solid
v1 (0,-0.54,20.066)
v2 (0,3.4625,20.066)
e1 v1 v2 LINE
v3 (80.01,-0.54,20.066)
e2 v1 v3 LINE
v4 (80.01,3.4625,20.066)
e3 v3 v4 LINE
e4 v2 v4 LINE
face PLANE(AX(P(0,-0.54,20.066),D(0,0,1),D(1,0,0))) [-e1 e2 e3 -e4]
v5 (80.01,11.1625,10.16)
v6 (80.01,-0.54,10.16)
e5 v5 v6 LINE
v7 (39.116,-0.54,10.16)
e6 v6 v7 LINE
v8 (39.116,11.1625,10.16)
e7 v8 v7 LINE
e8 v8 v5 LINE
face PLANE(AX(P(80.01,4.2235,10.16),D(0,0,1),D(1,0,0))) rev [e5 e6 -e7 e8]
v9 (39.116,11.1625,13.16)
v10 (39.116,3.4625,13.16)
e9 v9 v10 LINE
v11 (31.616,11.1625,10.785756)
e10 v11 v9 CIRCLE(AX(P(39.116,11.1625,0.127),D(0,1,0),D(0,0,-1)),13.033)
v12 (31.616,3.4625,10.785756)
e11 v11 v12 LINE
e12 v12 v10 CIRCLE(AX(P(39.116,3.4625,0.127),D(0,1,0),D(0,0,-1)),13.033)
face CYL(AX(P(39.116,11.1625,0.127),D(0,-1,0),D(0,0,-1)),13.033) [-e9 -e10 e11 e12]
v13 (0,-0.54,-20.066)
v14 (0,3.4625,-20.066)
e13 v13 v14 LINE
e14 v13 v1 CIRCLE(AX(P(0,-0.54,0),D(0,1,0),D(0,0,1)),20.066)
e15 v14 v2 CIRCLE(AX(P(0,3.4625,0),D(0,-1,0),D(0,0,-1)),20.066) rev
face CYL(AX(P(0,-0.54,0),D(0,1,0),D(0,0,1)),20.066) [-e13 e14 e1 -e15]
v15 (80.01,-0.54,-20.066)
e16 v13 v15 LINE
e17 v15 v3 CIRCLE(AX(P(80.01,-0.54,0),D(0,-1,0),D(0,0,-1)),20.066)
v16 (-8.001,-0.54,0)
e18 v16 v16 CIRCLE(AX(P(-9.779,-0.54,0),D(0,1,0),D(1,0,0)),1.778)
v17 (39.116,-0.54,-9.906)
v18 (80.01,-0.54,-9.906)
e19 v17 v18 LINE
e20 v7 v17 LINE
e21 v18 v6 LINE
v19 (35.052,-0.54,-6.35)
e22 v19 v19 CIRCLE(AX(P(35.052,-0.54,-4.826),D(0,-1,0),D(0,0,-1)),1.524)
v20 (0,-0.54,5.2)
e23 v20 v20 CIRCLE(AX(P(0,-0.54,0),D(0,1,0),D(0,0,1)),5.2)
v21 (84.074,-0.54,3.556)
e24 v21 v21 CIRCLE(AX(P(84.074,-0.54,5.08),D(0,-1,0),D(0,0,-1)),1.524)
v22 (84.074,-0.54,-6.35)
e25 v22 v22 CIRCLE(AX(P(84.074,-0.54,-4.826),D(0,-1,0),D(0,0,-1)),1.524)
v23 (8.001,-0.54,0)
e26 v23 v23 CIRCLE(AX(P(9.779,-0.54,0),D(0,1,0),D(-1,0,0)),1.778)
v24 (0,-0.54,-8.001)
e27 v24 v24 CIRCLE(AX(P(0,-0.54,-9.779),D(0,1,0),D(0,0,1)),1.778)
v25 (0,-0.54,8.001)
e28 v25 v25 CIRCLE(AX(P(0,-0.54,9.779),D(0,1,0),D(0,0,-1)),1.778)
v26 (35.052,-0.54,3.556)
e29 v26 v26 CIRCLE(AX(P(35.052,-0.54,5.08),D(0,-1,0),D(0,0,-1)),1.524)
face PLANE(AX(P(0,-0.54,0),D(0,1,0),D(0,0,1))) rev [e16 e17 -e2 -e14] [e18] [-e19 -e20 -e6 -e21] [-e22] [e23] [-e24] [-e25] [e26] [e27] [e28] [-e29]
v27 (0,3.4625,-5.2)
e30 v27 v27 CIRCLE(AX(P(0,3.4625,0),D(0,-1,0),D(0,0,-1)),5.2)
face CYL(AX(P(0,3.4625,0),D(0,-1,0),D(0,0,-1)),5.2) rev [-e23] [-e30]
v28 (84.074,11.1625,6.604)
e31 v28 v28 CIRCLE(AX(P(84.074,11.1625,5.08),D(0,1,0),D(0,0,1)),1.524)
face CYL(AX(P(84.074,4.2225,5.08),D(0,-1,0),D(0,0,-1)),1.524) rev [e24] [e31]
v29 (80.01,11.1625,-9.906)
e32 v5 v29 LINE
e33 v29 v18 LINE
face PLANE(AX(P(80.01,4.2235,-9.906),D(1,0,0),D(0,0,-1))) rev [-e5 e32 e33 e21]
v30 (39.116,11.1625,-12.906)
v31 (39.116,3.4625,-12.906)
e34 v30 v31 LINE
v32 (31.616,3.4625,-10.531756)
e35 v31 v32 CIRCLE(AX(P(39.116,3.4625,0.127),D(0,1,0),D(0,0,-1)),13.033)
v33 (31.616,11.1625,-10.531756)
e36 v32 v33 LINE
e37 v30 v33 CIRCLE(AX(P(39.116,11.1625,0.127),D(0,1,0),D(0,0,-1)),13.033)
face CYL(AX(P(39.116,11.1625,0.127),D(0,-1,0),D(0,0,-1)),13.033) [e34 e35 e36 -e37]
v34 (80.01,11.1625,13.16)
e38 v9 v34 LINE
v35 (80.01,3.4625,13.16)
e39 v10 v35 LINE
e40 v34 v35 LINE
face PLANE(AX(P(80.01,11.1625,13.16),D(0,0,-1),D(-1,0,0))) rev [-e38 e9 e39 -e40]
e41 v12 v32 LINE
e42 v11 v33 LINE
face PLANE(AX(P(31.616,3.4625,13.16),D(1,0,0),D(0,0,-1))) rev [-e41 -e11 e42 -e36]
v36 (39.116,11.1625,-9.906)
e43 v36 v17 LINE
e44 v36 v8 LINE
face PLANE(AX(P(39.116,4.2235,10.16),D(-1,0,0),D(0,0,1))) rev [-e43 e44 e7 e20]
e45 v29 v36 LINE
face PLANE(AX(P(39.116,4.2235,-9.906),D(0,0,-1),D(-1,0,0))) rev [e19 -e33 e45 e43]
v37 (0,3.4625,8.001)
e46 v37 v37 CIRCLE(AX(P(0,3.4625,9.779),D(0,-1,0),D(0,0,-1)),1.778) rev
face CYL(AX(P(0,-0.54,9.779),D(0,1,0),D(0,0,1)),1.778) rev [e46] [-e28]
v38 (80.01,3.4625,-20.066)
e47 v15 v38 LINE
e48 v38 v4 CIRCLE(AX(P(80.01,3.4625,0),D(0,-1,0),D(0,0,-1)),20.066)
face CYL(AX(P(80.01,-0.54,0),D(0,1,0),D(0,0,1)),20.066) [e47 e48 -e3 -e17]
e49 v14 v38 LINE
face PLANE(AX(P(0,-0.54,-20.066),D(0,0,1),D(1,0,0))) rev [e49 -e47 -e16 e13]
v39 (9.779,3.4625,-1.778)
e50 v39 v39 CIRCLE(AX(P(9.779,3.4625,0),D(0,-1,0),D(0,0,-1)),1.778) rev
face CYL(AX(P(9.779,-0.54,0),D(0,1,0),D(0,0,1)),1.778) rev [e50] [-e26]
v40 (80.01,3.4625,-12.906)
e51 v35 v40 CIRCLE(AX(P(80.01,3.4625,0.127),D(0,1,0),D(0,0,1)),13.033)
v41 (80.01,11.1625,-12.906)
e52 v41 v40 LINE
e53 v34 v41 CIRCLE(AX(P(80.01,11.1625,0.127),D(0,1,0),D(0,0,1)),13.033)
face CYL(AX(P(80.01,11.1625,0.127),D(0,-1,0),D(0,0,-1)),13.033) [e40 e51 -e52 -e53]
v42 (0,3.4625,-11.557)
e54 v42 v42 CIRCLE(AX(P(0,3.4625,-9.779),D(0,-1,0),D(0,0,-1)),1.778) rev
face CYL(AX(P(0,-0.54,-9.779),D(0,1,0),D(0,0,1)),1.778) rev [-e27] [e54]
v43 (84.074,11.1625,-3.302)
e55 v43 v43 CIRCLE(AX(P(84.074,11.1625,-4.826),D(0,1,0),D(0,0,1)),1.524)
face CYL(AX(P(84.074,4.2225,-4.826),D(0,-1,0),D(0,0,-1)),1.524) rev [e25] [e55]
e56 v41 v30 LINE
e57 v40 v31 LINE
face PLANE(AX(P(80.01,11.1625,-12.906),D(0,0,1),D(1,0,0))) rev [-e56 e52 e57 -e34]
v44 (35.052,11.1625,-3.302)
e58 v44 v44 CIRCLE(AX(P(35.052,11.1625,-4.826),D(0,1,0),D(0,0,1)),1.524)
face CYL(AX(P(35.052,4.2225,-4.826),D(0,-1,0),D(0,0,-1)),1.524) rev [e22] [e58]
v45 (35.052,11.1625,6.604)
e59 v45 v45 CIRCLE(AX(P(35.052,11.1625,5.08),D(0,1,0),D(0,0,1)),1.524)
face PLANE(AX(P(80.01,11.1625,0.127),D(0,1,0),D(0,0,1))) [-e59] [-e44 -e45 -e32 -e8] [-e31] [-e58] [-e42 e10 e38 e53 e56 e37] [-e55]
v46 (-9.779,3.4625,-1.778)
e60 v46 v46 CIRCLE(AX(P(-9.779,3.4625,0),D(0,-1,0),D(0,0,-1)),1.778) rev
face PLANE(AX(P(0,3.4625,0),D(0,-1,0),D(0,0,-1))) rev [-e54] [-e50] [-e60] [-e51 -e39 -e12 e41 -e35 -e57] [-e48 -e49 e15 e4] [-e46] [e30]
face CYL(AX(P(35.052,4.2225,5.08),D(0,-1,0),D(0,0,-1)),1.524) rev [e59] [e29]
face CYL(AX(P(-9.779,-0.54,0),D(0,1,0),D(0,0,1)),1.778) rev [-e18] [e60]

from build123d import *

# Parameters (mm, degrees)
SKETCH1_R               = 0.5
SKETCH1_R_2             = 1.375
BOSS_EXTRUDE1_DEPTH     = 2
SKETCH4_R               = 4.6270037
SKETCH4_R_2             = 2.6270037
BOSS_EXTRUDE3_DEPTH     = 2.5
CUT_EXTRUDE3_DEPTH      = 2.5
SKETCH6_R               = 20.066
SKETCH6_R_2             = 3.75
BOSS_EXTRUDE6_DEPTH     = 2.54
SKETCH7_R               = 1.778
CUT_EXTRUDE4_DEPTH      = 2.54
CIRPATTERN1_COUNT       = 4
BOSS_EXTRU_1_DEPTH      = 2.2225
BOSS_EXTRU_1_DEPTH_BACK = 2.54
ESQUISSE3_R             = 20.066
ESQUISSE3_R_2           = 1.778
ESQUISSE3_R_3           = 1.375
BOSS_EXTRU_2_DEPTH      = 2.2225
ENL_V_MAT_EXTRU_1_REACH = 104.179
ESQUISSE4_W             = 40.894
ESQUISSE4_H             = 20.066
ESQUISSE5_R             = 1.524
ENL_V_MAT_EXTRU_2_DEPTH = 103.178919246
ESQUISSE6_W             = 129.807809177
ESQUISSE6_H             = 84.506546368
ENL_V_MAT_EXTRU_3_DEPTH = 0.76
ESQUISSE7_R             = 5.2
ENL_V_MAT_EXTRU_4_DEPTH = 103.241877615
ESQUISSE8_R             = 1.524
ESQUISSE8_W             = 40.894
ESQUISSE8_H             = 20.066
BOSS_EXTRU_3_DEPTH      = 7.7
ESQUISSE9_W             = 7.452608866
ESQUISSE9_H             = 26.066
ENL_V_MAT_EXTRU_5_DEPTH = 7.7


with BuildPart() as part:
    # Sketch1 → Boss-Extrude1 (new body)
    with BuildSketch(Plane(origin=(0, 0, 0), x_dir=(1, 0, 0), z_dir=(0, 1, 0))):
        with BuildLine():
            Line((-4, 4), (-2.467435953, 13.402193757))
            ThreePointArc((-2.467435953, 13.402193757), (0, 15.5), (2.467435953, 13.402193757))
            Line((2.467435953, 13.402193757), (4, 4))
            Line((4, 4), (12.448472752, 2.459445505))
            ThreePointArc((12.448472752, 2.459445505), (14.5, 0), (12.448472752, -2.459445505))
            Line((12.448472752, -2.459445505), (4, -4))
            Line((4, -4), (2.467435953, -13.402193757))
            ThreePointArc((2.467435953, -13.402193757), (0, -15.5), (-2.467435953, -13.402193757))
            Line((-2.467435953, -13.402193757), (-4, -4))
            Line((-4, -4), (-12.448472752, -2.459445505))
            ThreePointArc((-12.448472752, -2.459445505), (-14.5, 0), (-12.448472752, 2.459445505))
            Line((-12.448472752, 2.459445505), (-4, 4))
        make_face()
        with Locations(Location((0, 12, 0), (0, 0, 270))):
            Circle(SKETCH1_R, mode=Mode.SUBTRACT)
        with Locations(Location((0, 9.5, 0), (0, 0, 270))):
            Circle(SKETCH1_R, mode=Mode.SUBTRACT)
        with Locations(Location((0, 7.5, 0), (0, 0, 270))):
            Circle(SKETCH1_R, mode=Mode.SUBTRACT)
        with Locations(Location((12, 0, 0), (0, 0, 270))):
            Circle(SKETCH1_R, mode=Mode.SUBTRACT)
        with Locations(Location((9.5, 0, 0), (0, 0, 270))):
            Circle(SKETCH1_R, mode=Mode.SUBTRACT)
        with Locations(Location((7.5, 0, 0), (0, 0, 270))):
            Circle(SKETCH1_R, mode=Mode.SUBTRACT)
        with Locations(Location((0, -12, 0), (0, 0, 270))):
            Circle(SKETCH1_R, mode=Mode.SUBTRACT)
        with Locations(Location((0, -9.5, 0), (0, 0, 270))):
            Circle(SKETCH1_R, mode=Mode.SUBTRACT)
        with Locations(Location((0, -7.5, 0), (0, 0, 270))):
            Circle(SKETCH1_R, mode=Mode.SUBTRACT)
        with Locations(Location((-12, 0, 0), (0, 0, 270))):
            Circle(SKETCH1_R, mode=Mode.SUBTRACT)
        with Locations(Location((-9.5, 0, 0), (0, 0, 270))):
            Circle(SKETCH1_R, mode=Mode.SUBTRACT)
        with Locations(Location((-7.5, 0, 0), (0, 0, 270))):
            Circle(SKETCH1_R, mode=Mode.SUBTRACT)
        with Locations(Location((0, 0, 0), (0, 0, 270))):
            Circle(SKETCH1_R_2, mode=Mode.SUBTRACT)
    extrude(amount=BOSS_EXTRUDE1_DEPTH)

    # Sketch4 → Boss-Extrude3 (add)
    with BuildSketch(Plane.XZ):
        with Locations(Location((0, 0, 0), (0, 0, 90))):
            Circle(SKETCH4_R)
        with Locations(Location((0, 0, 0), (0, 0, 270))):
            Circle(SKETCH4_R_2, mode=Mode.SUBTRACT)
    extrude(amount=BOSS_EXTRUDE3_DEPTH)

    # Sketch5 → Cut-Extrude3 (cut)
    with BuildSketch(Plane.XZ.offset(2.5)):
        with BuildLine():
            Line((0.282820055, 2.611735296), (0, 3.101594))
            Line((0, 3.101594), (-0.282820055, 2.611735296))
            ThreePointArc((-0.282820055, 2.611735296), (-0.410953918, 2.594660925), (-0.538092735, 2.571304075))
            Line((-0.538092735, 2.571304075), (-0.958445256, 2.949791185))
            Line((-0.958445256, 2.949791185), (-1.076048447, 2.396511669))
            ThreePointArc((-1.076048447, 2.396511669), (-1.192634723, 2.340677436), (-1.306333259, 2.279175696))
            Line((-1.306333259, 2.279175696), (-1.823071212, 2.509242256))
            Line((-1.823071212, 2.509242256), (-1.76394572, 1.946700782))
            ThreePointArc((-1.76394572, 1.946700782), (-1.85757213, 1.85757213), (-1.946700782, 1.76394572))
            Line((-1.946700782, 1.76394572), (-2.509242256, 1.823071212))
            Line((-2.509242256, 1.823071212), (-2.279175696, 1.306333259))
            ThreePointArc((-2.279175696, 1.306333259), (-2.340677436, 1.192634723), (-2.396511669, 1.076048447))
            Line((-2.396511669, 1.076048447), (-2.949791185, 0.958445256))
            Line((-2.949791185, 0.958445256), (-2.571304075, 0.538092735))
            ThreePointArc((-2.571304075, 0.538092735), (-2.594660925, 0.410953918), (-2.611735296, 0.282820055))
            Line((-2.611735296, 0.282820055), (-3.101594, 0))
            Line((-3.101594, 0), (-2.611735296, -0.282820055))
            ThreePointArc((-2.611735296, -0.282820055), (-2.594660925, -0.410953918), (-2.571304075, -0.538092735))
            Line((-2.571304075, -0.538092735), (-2.949791185, -0.958445256))
            Line((-2.949791185, -0.958445256), (-2.396511669, -1.076048447))
            ThreePointArc((-2.396511669, -1.076048447), (-2.340677436, -1.192634723), (-2.279175696, -1.306333259))
            Line((-2.279175696, -1.306333259), (-2.509242256, -1.823071212))
            Line((-2.509242256, -1.823071212), (-1.946700782, -1.76394572))
            ThreePointArc((-1.946700782, -1.76394572), (-1.85757213, -1.85757213), (-1.76394572, -1.946700782))
            Line((-1.76394572, -1.946700782), (-1.823071212, -2.509242256))
            Line((-1.823071212, -2.509242256), (-1.306333259, -2.279175696))
            ThreePointArc((-1.306333259, -2.279175696), (-1.192634723, -2.340677436), (-1.076048447, -2.396511669))
            Line((-1.076048447, -2.396511669), (-0.958445256, -2.949791185))
            Line((-0.958445256, -2.949791185), (-0.538092735, -2.571304075))
            ThreePointArc((-0.538092735, -2.571304075), (-0.410953918, -2.594660925), (-0.282820055, -2.611735296))
            Line((-0.282820055, -2.611735296), (0, -3.101594))
            Line((0, -3.101594), (0.282820055, -2.611735296))
            ThreePointArc((0.282820055, -2.611735296), (0.410953918, -2.594660925), (0.538092735, -2.571304075))
            Line((0.538092735, -2.571304075), (0.958445256, -2.949791185))
            Line((0.958445256, -2.949791185), (1.076048447, -2.396511669))
            ThreePointArc((1.076048447, -2.396511669), (1.192634723, -2.340677436), (1.306333259, -2.279175696))
            Line((1.306333259, -2.279175696), (1.823071212, -2.509242256))
            Line((1.823071212, -2.509242256), (1.76394572, -1.946700782))
            ThreePointArc((1.76394572, -1.946700782), (1.85757213, -1.85757213), (1.946700782, -1.76394572))
            Line((1.946700782, -1.76394572), (2.509242256, -1.823071212))
            Line((2.509242256, -1.823071212), (2.279175696, -1.306333259))
            ThreePointArc((2.279175696, -1.306333259), (2.340677436, -1.192634723), (2.396511669, -1.076048447))
            Line((2.396511669, -1.076048447), (2.949791185, -0.958445256))
            Line((2.949791185, -0.958445256), (2.571304075, -0.538092735))
            ThreePointArc((2.571304075, -0.538092735), (2.594660925, -0.410953918), (2.611735296, -0.282820055))
            Line((2.611735296, -0.282820055), (3.101594, 0))
            Line((3.101594, 0), (2.611735296, 0.282820055))
            ThreePointArc((2.611735296, 0.282820055), (2.594660925, 0.410953918), (2.571304075, 0.538092735))
            Line((2.571304075, 0.538092735), (2.949791185, 0.958445256))
            Line((2.949791185, 0.958445256), (2.396511669, 1.076048447))
            ThreePointArc((2.396511669, 1.076048447), (2.340677436, 1.192634723), (2.279175696, 1.306333259))
            Line((2.279175696, 1.306333259), (2.509242256, 1.823071212))
            Line((2.509242256, 1.823071212), (1.946700782, 1.76394572))
            ThreePointArc((1.946700782, 1.76394572), (1.85757213, 1.85757213), (1.76394572, 1.946700782))
            Line((1.76394572, 1.946700782), (1.823071212, 2.509242256))
            Line((1.823071212, 2.509242256), (1.306333259, 2.279175696))
            ThreePointArc((1.306333259, 2.279175696), (1.192634723, 2.340677436), (1.076048447, 2.396511669))
            Line((1.076048447, 2.396511669), (0.958445256, 2.949791185))
            Line((0.958445256, 2.949791185), (0.538092735, 2.571304075))
            ThreePointArc((0.538092735, 2.571304075), (0.410953918, 2.594660925), (0.282820055, 2.611735296))
        make_face()
    extrude(amount=-CUT_EXTRUDE3_DEPTH, mode=Mode.SUBTRACT)

    # Sketch6 → Boss-Extrude6 (add)
    with BuildSketch(Plane(origin=(0, 2, 0), x_dir=(1, 0, 0), z_dir=(0, 1, 0))):
        with Locations(Location((0, 0, 0), (0, 0, 270))):
            Circle(SKETCH6_R)
        Circle(SKETCH6_R_2, mode=Mode.SUBTRACT)
    extrude(amount=-BOSS_EXTRUDE6_DEPTH)

    # Sketch7 → Cut-Extrude4 (cut)
    with BuildSketch(Plane(origin=(0, 2, 0), x_dir=(1, 0, 0), z_dir=(0, 1, 0))):
        with Locations(Location((0, 9.779, 0), (0, 0, 270))):
            Circle(SKETCH7_R)
    cut_extrude4 = extrude(amount=-CUT_EXTRUDE4_DEPTH, mode=Mode.SUBTRACT)

    # CirPattern1: Cut-Extrude4 ×4 about axis
    cirpattern1_axis = Axis((0, 0, 0), (0, 1, 0))
    for i in range(1, CIRPATTERN1_COUNT):
        add(cut_extrude4.rotate(cirpattern1_axis, i * 360 / CIRPATTERN1_COUNT), mode=Mode.SUBTRACT)

    # Esquisse1 → Boss.-Extru.1 (add, two sides)
    with BuildSketch(Plane(origin=(0, 2, 0), x_dir=(1, 0, 0), z_dir=(0, 1, 0))) as boss_extru_1_sk:
        with BuildLine():
            Line((0, 20.066), (80.01, 20.066))
            ThreePointArc((80.01, 20.066), (100.076, 0), (80.01, -20.066))
            Line((80.01, -20.066), (0, -20.066))
            ThreePointArc((0, -20.066), (20.066, 0), (0, 20.066))
        make_face()
    extrude(amount=BOSS_EXTRU_1_DEPTH)
    extrude(boss_extru_1_sk.sketch, amount=-BOSS_EXTRU_1_DEPTH_BACK)

    # Esquisse3 → Boss.-Extru.2 (add)
    with BuildSketch(Plane(origin=(0, 2, 0), x_dir=(1, 0, 0), z_dir=(0, 1, 0))):
        Circle(ESQUISSE3_R)
        with Locations(Location((9.779, 0, 0), (0, 0, 270))):
            Circle(ESQUISSE3_R_2, mode=Mode.SUBTRACT)
        with Locations(Location((0, 9.779, 0), (0, 0, 270))):
            Circle(ESQUISSE3_R_2, mode=Mode.SUBTRACT)
        with Locations(Location((-9.779, 0, 0), (0, 0, 270))):
            Circle(ESQUISSE3_R_2, mode=Mode.SUBTRACT)
        with Locations(Location((0, -9.779, 0), (0, 0, 270))):
            Circle(ESQUISSE3_R_2, mode=Mode.SUBTRACT)
        with Locations(Location((0, 0, 0), (0, 0, 270))):
            Circle(ESQUISSE3_R_3, mode=Mode.SUBTRACT)
    extrude(amount=BOSS_EXTRU_2_DEPTH)

    # Esquisse4 → Enlèv. mat.-Extru.1 (cut, up to next)
    with BuildSketch(Plane.XZ.offset(0.54), mode=Mode.PRIVATE) as enl_v_mat_extru_1_sk1:
        with Locations((59.563, 0.127)):
            Rectangle(ESQUISSE4_W, ESQUISSE4_H)
    enl_v_mat_extru_1_tool1 = extrude(enl_v_mat_extru_1_sk1.sketch, amount=-ENL_V_MAT_EXTRU_1_REACH, mode=Mode.PRIVATE) & part.part
    add(enl_v_mat_extru_1_tool1.solids().sort_by_distance((59.563, -0.54, 0.127))[0], mode=Mode.SUBTRACT)

    # Esquisse5 → Enlèv. mat.-Extru.2 (cut, through all)
    with BuildSketch(Plane(origin=(0, -0.54, 0), x_dir=(-1, 0, 0), z_dir=(0, -1, 0))):
        with Locations(Location((-35.052, -5.08, 0), (0, 0, 90))):
            Circle(ESQUISSE5_R)
        with Locations(Location((-35.052, 4.826, 0), (0, 0, 90))):
            Circle(ESQUISSE5_R)
        with Locations(Location((-84.074, -5.08, 0), (0, 0, 90))):
            Circle(ESQUISSE5_R)
        with Locations(Location((-84.074, 4.826, 0), (0, 0, 90))):
            Circle(ESQUISSE5_R)
    extrude(amount=-ENL_V_MAT_EXTRU_2_DEPTH, mode=Mode.SUBTRACT)

    # Esquisse6 → Enlèv. mat.-Extru.3 (cut)
    with BuildSketch(Plane(origin=(0, 4.2225, 0), x_dir=(1, 0, 0), z_dir=(0, 1, 0))):
        with Locations((40.86254749, 2.128524174)):
            Rectangle(ESQUISSE6_W, ESQUISSE6_H)
    extrude(amount=-ENL_V_MAT_EXTRU_3_DEPTH, mode=Mode.SUBTRACT)

    # Esquisse7 → Enlèv. mat.-Extru.4 (cut, through all)
    with BuildSketch(Plane(origin=(0, -2.5, 0), x_dir=(-1, 0, 0), z_dir=(0, -1, 0))):
        with Locations(Location((0, 0, 0), (0, 0, 90))):
            Circle(ESQUISSE7_R)
    extrude(amount=-ENL_V_MAT_EXTRU_4_DEPTH, mode=Mode.SUBTRACT)

    # Esquisse8 → Boss.-Extru.3 (add)
    with BuildSketch(Plane(origin=(0, 3.4625, 0), x_dir=(1, 0, 0), z_dir=(0, 1, 0))):
        with BuildLine():
            Line((80.01, -13.16), (39.116, -13.16))
            ThreePointArc((39.116, -13.16), (26.083, -0.127), (39.116, 12.906))
            Line((39.116, 12.906), (80.01, 12.906))
            ThreePointArc((80.01, 12.906), (93.043, -0.127), (80.01, -13.16))
        make_face()
        with Locations(Location((84.074, -5.08, 0), (0, 0, 90))):
            Circle(ESQUISSE8_R, mode=Mode.SUBTRACT)
        with Locations(Location((84.074, 4.826, 0), (0, 0, 90))):
            Circle(ESQUISSE8_R, mode=Mode.SUBTRACT)
        with Locations(Location((35.052, -5.08, 0), (0, 0, 90))):
            Circle(ESQUISSE8_R, mode=Mode.SUBTRACT)
        with Locations(Location((35.052, 4.826, 0), (0, 0, 90))):
            Circle(ESQUISSE8_R, mode=Mode.SUBTRACT)
        with Locations((59.563, -0.127)):
            Rectangle(ESQUISSE8_W, ESQUISSE8_H, mode=Mode.SUBTRACT)
    extrude(amount=BOSS_EXTRU_3_DEPTH)

    # Esquisse9 → Enlèv. mat.-Extru.5 (cut)
    with BuildSketch(Plane(origin=(0, 11.1625, 0), x_dir=(1, 0, 0), z_dir=(0, 1, 0))):
        with Locations((27.889695567, -0.127)):
            Rectangle(ESQUISSE9_W, ESQUISSE9_H)
    extrude(amount=-ENL_V_MAT_EXTRU_5_DEPTH, mode=Mode.SUBTRACT)


solid = part.part
